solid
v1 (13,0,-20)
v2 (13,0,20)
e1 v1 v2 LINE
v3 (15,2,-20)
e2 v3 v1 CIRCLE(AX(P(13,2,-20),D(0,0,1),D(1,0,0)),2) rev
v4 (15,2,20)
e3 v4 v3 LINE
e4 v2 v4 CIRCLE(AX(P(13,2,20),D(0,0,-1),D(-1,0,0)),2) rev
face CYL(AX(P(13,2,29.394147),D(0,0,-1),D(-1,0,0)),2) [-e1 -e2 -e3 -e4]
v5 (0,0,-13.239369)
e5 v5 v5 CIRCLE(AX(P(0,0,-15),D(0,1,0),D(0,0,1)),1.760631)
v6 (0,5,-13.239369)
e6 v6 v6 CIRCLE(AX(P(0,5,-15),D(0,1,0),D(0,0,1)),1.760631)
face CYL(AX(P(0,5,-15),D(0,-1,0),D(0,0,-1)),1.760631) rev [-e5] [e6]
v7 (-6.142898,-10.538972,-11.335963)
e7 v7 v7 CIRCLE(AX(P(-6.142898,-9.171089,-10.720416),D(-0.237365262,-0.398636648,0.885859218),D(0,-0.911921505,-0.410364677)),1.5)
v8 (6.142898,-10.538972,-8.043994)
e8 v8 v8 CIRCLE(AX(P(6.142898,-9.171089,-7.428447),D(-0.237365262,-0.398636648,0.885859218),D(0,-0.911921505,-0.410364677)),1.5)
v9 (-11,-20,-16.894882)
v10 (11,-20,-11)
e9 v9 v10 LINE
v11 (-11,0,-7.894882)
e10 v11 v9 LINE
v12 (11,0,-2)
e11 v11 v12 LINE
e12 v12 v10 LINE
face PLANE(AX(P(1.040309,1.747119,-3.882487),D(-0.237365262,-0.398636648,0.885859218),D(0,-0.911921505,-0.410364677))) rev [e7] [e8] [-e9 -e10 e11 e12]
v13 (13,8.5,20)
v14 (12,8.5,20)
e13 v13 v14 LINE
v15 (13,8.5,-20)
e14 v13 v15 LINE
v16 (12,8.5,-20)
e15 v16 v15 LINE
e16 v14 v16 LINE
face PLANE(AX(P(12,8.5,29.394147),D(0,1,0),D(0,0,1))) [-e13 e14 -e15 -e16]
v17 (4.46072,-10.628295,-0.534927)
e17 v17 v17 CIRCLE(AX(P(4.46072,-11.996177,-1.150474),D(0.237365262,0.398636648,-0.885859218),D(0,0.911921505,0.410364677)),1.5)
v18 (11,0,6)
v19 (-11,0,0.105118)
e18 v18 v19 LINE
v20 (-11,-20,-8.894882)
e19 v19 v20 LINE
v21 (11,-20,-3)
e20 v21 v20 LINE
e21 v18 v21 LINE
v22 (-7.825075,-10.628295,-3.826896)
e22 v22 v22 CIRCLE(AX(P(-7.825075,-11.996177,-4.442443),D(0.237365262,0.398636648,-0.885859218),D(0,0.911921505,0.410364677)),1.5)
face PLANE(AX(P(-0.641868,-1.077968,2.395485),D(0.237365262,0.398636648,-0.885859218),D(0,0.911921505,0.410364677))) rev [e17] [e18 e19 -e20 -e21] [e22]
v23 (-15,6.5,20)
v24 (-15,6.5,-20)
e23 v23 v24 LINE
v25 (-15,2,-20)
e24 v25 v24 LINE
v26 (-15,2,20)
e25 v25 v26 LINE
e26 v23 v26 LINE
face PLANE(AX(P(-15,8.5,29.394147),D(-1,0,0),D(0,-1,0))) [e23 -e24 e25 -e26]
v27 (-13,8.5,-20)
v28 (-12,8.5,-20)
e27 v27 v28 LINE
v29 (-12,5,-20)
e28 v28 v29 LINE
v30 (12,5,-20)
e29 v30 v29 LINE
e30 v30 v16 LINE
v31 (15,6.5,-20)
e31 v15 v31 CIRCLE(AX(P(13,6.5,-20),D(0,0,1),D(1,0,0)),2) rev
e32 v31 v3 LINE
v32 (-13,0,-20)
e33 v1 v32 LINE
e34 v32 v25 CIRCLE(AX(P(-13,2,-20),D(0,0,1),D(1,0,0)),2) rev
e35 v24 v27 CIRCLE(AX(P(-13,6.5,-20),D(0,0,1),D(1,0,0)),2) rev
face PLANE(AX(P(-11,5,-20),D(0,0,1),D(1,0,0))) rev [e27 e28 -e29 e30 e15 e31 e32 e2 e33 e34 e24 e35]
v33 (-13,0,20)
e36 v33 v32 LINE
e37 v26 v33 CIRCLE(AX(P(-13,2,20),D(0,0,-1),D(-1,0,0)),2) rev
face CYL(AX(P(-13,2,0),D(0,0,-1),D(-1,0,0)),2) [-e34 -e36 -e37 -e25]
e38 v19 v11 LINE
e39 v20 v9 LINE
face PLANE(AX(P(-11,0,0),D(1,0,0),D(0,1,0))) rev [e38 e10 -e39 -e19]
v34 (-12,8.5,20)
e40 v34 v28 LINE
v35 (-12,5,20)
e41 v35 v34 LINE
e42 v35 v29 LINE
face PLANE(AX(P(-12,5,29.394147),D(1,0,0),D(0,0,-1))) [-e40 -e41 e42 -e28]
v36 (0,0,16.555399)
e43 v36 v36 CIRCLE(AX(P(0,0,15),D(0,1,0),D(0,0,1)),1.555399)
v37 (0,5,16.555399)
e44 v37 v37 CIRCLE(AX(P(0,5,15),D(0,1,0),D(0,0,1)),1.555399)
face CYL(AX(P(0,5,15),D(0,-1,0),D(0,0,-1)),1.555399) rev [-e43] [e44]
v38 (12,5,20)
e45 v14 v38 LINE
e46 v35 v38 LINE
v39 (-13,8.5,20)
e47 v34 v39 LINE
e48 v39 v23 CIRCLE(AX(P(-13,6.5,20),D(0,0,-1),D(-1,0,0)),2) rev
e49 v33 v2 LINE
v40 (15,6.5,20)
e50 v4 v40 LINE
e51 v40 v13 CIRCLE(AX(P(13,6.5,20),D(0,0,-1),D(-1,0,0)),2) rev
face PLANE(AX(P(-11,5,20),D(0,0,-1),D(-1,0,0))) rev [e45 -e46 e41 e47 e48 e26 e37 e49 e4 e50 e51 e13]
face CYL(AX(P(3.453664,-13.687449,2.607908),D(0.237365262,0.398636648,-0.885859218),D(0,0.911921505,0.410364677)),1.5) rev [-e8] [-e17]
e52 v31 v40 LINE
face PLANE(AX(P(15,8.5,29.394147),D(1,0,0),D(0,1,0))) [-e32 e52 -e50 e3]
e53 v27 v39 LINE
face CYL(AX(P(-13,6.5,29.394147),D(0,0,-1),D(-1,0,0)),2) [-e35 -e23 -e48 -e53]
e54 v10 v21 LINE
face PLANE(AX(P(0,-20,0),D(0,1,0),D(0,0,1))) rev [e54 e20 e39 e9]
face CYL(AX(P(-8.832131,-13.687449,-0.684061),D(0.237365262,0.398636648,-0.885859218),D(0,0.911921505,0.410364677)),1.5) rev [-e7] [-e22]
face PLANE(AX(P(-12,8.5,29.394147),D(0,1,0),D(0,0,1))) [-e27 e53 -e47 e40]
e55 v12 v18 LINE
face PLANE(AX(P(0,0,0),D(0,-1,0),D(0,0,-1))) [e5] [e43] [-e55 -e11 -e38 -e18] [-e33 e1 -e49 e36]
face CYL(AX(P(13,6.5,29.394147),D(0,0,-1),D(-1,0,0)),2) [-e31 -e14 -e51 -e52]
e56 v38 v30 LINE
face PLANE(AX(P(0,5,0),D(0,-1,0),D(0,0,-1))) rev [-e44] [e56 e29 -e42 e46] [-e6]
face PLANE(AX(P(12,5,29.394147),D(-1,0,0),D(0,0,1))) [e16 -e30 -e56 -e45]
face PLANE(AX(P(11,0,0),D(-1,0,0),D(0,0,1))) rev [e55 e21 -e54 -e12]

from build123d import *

# Parameters (mm, degrees)
SKETCH1_W           = 22
SKETCH1_H           = 40
SKETCH1_R           = 1.760631049
SKETCH1_R_2         = 1.555398854
BOSS_EXTRUDE1_DEPTH = 5
BOSS_EXTRUDE3_DEPTH = 40
FILLET1_R           = 2
SKETCH6_R           = 1.5
CUT_EXTRUDE1_DEPTH  = 7.086873748


with BuildPart() as part:
    # Sketch1 → Boss-Extrude1 (new body)
    with BuildSketch(Plane(origin=(0, 0, 0), x_dir=(1, 0, 0), z_dir=(0, 1, 0))):
        Rectangle(SKETCH1_W, SKETCH1_H)
        with Locations(Location((0, 15, 0), (0, 0, 270))):
            Circle(SKETCH1_R, mode=Mode.SUBTRACT)
        with Locations(Location((0, -15, 0), (0, 0, 270))):
            Circle(SKETCH1_R_2, mode=Mode.SUBTRACT)
    extrude(amount=BOSS_EXTRUDE1_DEPTH)

    # Sketch4 → Boss-Extrude3 (add)
    with BuildSketch(Plane(origin=(0, 0, -20), x_dir=(-1, 0, 0), z_dir=(0, 0, -1))):
        Polygon((-11, 5), (-12, 5), (-12, 8.5), (-15, 8.5), (-15, 0), (-11, 0), align=None)
        Polygon((11, 0), (11, 5), (12, 5), (12, 8.5), (15, 8.5), (15, 0), align=None)
    extrude(amount=-BOSS_EXTRUDE3_DEPTH)

    # Fillet1
    fillet1_edges = [part.edges().sort_by_distance(p)[0] for p in [
        (15, 0, 0),
        (15, 8.5, 0),
        (-15, 0, 0),
        (-15, 8.5, 0),
    ]]
    fillet(fillet1_edges, radius=FILLET1_R)

    # Sketch2 → Loft1 section 0
    with BuildSketch(Plane.XZ):
        with BuildLine():
            Line((-11, 0.105117767), (11, 6))
            Line((11, 6), (11, -2))
            Line((11, -2), (-11, -7.894882233))
            Line((-11, -7.894882233), (-11, 0.105117767))
        make_face()
    # Sketch5 → Loft1 section 1
    with BuildSketch(Plane(origin=(0, -20, 0), x_dir=(-1, 0, 0), z_dir=(0, -1, 0))):
        with BuildLine():
            Line((-11, 3), (-11, 11))
            Line((-11, 11), (11, 16.894882233))
            Line((11, 16.894882233), (11, 8.894882233))
            Line((11, 8.894882233), (-11, 3))
        make_face()
    loft()

    # Sketch6 → Cut-Extrude1 (cut)
    with BuildSketch(Plane(origin=(1.040309356, 1.747119317, -3.882487372), x_dir=(0.9714204714250083, -0.09740631922929449, 0.21645848717621435), z_dir=(-0.2373652621939752, -0.3986366483069059, 0.8858592184598079))):
        with Locations(Location((5.252708211, -11.411685947, 0), (0, 0, 90))):
            Circle(SKETCH6_R)
        with Locations(Location((-7.39453945, -12.762593713, 0), (0, 0, 90))):
            Circle(SKETCH6_R)
    extrude(amount=CUT_EXTRUDE1_DEPTH, mode=Mode.SUBTRACT)


solid = part.part
